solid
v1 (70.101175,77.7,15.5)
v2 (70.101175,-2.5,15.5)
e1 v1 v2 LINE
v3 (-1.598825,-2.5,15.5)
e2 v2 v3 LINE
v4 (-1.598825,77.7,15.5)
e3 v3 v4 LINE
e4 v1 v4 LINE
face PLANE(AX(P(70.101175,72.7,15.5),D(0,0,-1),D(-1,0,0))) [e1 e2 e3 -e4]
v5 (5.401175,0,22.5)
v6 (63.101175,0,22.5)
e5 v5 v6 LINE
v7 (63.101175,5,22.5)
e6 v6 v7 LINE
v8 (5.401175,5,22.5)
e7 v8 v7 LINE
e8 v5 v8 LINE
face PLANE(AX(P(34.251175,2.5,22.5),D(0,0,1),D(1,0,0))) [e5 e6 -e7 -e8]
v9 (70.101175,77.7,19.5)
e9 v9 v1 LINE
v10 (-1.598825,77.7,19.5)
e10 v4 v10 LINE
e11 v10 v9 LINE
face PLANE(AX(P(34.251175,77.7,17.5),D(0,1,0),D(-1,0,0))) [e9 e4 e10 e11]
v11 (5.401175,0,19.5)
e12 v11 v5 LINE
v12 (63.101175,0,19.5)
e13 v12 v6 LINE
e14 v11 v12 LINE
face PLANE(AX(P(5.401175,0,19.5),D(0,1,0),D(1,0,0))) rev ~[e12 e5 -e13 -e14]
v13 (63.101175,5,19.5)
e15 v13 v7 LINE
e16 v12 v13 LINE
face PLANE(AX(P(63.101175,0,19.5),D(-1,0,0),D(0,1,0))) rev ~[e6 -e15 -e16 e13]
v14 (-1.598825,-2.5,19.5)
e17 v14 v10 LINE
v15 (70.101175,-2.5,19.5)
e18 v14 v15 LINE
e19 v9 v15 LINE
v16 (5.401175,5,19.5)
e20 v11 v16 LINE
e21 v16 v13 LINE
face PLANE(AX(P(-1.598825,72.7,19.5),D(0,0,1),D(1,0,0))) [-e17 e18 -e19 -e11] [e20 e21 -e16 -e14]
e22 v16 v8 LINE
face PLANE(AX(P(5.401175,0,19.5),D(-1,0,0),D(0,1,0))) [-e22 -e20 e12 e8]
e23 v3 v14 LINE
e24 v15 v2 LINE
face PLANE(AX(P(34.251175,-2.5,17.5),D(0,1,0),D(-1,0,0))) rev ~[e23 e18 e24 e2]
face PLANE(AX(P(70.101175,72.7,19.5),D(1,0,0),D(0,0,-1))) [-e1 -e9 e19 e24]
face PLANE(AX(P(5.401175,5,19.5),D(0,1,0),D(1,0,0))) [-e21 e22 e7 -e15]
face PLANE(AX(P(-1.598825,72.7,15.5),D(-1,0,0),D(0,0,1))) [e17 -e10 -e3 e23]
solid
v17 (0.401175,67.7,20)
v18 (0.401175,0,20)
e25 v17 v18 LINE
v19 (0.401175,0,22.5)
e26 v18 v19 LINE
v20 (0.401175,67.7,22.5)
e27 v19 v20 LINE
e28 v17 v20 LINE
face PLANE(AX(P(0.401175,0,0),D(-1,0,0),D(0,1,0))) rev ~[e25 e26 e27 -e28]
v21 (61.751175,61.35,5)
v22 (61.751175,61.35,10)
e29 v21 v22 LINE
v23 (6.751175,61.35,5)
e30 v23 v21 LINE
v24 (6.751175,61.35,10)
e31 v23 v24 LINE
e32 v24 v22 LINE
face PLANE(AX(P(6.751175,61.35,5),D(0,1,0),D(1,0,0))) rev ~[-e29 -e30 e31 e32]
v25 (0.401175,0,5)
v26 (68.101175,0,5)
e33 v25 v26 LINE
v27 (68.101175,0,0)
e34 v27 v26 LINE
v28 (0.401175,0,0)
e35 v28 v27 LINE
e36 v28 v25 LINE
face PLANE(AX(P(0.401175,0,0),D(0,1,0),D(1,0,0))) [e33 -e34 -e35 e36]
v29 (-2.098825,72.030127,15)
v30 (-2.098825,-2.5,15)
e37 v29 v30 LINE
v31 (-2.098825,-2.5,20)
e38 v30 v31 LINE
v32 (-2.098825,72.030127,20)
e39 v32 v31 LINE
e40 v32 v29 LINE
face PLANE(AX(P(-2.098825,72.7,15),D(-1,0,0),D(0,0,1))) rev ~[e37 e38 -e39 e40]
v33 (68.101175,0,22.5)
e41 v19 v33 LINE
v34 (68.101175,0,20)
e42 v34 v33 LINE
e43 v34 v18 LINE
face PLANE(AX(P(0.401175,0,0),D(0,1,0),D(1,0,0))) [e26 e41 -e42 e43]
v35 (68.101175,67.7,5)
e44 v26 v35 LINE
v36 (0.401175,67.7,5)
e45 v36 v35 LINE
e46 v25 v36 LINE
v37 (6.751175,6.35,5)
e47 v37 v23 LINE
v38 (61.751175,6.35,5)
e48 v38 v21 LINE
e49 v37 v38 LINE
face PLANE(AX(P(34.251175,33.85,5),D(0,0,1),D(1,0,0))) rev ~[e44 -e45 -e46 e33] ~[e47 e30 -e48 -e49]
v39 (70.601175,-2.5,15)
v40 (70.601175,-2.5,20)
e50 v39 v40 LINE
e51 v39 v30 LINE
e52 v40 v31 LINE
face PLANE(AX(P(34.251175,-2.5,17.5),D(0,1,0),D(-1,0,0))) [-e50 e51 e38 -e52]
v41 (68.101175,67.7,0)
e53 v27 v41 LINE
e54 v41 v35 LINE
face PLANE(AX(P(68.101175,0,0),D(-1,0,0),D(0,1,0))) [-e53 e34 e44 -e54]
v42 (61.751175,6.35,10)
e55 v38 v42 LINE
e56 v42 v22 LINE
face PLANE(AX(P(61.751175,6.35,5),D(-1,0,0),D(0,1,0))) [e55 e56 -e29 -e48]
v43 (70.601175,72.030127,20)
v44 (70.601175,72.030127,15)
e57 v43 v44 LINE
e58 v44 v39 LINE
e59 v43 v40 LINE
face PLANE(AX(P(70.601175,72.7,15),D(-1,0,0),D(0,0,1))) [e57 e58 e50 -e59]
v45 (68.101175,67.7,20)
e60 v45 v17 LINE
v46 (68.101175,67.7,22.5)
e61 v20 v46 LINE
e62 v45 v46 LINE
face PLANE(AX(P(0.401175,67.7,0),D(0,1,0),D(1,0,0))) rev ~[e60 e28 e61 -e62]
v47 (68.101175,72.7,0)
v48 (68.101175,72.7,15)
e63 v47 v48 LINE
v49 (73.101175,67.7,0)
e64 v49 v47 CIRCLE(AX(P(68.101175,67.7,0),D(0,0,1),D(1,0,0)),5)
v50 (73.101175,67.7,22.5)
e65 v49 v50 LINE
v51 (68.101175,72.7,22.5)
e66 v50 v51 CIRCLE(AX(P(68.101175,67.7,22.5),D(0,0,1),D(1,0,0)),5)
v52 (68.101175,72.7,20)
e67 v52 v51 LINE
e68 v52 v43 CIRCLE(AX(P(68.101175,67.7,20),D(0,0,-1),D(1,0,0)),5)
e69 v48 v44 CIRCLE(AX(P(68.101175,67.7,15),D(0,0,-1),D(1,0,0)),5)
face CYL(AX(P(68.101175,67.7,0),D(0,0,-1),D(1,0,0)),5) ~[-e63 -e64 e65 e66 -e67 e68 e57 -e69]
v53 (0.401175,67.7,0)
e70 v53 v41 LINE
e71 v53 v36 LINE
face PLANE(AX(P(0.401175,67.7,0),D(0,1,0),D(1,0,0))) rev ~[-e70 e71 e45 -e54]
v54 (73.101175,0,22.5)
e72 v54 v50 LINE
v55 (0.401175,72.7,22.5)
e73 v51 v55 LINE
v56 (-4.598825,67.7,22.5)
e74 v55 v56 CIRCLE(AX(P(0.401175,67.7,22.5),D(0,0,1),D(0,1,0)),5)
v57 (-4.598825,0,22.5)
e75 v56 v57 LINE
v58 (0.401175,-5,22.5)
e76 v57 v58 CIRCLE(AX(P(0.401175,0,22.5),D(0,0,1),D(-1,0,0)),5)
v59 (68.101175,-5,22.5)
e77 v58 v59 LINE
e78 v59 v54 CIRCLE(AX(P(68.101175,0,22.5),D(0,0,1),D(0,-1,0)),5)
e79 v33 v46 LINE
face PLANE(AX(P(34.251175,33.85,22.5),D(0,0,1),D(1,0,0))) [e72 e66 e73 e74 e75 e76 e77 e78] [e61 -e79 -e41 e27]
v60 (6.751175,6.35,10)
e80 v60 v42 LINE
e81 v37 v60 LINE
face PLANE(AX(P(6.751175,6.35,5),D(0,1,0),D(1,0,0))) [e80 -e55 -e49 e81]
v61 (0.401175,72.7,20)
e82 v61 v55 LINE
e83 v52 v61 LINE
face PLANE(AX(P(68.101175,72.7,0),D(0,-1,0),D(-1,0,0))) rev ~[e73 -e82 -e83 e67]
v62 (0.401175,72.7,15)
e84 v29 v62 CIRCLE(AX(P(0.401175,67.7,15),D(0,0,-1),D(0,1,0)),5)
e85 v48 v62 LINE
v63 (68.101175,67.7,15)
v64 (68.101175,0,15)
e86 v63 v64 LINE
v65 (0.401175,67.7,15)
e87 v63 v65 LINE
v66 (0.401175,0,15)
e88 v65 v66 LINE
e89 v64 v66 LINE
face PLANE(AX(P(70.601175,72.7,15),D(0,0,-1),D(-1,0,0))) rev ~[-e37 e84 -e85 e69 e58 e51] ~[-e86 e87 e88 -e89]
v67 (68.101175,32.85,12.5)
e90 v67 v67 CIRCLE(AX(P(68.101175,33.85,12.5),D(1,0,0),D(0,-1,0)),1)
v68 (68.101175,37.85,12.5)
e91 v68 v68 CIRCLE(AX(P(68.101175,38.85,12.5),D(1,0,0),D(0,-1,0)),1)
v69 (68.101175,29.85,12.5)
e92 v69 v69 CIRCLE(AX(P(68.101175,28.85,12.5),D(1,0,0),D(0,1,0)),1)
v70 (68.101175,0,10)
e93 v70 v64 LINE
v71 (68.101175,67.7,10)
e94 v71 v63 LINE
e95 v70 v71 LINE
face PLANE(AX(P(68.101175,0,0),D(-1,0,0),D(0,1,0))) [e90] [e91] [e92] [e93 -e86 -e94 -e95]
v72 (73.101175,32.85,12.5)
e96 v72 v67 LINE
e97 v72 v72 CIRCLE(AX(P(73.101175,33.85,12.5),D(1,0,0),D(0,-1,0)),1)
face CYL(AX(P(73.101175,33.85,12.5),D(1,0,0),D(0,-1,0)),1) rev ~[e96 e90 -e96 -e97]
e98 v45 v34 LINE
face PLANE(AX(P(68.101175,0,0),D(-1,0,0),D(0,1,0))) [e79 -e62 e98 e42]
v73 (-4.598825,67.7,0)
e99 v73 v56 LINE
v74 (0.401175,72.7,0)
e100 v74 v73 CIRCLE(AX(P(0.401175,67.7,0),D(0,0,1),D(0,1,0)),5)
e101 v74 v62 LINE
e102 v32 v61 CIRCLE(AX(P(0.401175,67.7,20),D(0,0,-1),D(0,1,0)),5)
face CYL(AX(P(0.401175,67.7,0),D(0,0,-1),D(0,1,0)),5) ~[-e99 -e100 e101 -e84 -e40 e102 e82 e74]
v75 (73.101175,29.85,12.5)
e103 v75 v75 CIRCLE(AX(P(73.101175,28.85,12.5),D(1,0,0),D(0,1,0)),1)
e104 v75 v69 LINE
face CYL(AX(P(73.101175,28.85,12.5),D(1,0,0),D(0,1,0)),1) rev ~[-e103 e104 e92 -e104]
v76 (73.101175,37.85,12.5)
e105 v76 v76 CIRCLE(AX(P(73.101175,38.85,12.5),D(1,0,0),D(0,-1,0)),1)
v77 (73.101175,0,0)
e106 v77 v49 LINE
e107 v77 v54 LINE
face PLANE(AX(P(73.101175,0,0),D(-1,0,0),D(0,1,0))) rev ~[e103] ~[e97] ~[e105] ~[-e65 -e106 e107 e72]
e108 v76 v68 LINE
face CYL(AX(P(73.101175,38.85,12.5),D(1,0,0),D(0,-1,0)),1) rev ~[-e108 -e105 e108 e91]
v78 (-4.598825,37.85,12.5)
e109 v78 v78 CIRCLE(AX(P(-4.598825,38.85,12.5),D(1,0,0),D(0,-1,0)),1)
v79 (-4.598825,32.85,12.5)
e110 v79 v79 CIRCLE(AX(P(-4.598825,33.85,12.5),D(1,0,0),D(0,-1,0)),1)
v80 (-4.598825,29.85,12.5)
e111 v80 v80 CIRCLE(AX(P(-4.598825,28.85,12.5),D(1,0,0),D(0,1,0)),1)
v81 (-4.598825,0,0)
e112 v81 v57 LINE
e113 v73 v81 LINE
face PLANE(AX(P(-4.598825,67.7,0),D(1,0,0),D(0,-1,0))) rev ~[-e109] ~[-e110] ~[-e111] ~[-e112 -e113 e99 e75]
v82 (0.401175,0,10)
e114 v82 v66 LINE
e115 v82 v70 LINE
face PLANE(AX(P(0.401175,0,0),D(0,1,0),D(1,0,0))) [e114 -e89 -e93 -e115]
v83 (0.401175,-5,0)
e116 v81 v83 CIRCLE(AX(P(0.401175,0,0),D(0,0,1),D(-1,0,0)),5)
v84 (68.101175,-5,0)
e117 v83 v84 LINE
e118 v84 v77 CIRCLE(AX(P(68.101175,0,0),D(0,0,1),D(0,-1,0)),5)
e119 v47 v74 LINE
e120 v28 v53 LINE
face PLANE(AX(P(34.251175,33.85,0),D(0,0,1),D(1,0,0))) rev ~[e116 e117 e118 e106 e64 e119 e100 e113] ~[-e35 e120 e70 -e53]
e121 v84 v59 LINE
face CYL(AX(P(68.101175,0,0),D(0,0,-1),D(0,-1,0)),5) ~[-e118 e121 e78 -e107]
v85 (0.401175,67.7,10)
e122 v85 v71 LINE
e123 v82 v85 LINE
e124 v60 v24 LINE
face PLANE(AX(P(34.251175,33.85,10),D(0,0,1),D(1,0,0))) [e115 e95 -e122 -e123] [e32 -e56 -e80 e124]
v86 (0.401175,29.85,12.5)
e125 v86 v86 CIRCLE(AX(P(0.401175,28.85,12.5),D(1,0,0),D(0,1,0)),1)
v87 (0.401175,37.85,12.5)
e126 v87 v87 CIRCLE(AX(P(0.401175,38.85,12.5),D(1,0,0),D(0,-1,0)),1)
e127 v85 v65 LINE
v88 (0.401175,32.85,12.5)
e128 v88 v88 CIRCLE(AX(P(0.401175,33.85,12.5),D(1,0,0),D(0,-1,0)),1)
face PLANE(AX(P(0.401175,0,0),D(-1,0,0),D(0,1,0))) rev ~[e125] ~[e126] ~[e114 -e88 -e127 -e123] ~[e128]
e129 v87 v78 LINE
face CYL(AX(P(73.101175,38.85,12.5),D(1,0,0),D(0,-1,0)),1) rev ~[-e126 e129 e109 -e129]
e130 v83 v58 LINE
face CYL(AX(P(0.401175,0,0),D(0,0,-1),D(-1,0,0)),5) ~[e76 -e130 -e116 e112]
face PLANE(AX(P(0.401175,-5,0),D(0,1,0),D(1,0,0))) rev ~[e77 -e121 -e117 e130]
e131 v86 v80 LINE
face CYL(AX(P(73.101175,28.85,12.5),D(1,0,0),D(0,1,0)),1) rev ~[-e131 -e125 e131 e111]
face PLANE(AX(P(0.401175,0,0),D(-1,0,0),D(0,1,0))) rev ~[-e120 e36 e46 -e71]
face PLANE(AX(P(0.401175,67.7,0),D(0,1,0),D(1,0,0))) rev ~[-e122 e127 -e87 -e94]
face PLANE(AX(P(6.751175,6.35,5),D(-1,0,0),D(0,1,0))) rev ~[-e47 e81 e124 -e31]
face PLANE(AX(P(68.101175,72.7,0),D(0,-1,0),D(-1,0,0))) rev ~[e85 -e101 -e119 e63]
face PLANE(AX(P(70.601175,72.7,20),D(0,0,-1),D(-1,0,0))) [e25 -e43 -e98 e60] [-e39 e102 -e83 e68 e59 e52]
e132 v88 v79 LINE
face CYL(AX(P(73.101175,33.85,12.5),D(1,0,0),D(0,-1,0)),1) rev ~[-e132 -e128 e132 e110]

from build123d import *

# Parameters (mm, degrees)
F0_W           = 67.7
F0_H           = 67.7
F1_DEPTH       = 22.5
F3_START       = 5
F2_W           = 67.7
F2_H           = 67.7
F2_W_2         = 55
F2_H_2         = 55
F3_DEPTH       = 5
F6_DEPTH       = 100
F7_W           = 72.7
F7_H           = 5
F8_DEPTH       = 75.2
F10_DEPTH      = 5
F10_DEPTH_BACK = 75.2
F11_W          = 57.7
F11_H          = 5
F12_DEPTH      = 3


with BuildPart() as f1:
    # F0 (on Top) → F1 (new body)
    with BuildSketch(Plane.XY):
        with BuildLine():
            Line((68.1011751294, 72.7), (0.4011751294, 72.7))
            ThreePointArc((0.4011751294, 72.7), (-3.1343587765, 71.2355339059), (-4.5988248706, 67.7))
            Line((-4.5988248706, 67.7), (-4.5988248706, 0))
            ThreePointArc((-4.5988248706, 0), (-3.1343587765, -3.5355339059), (0.4011751294, -5))
            Line((0.4011751294, -5), (68.1011751294, -5))
            ThreePointArc((68.1011751294, -5), (71.6367090353, -3.5355339059), (73.1011751294, 0))
            Line((73.1011751294, 0), (73.1011751294, 67.7))
            ThreePointArc((73.1011751294, 67.7), (71.6367090353, 71.2355339059), (68.1011751294, 72.7))
        make_face()
        with Locations((34.2511751294, 33.85)):
            Rectangle(F0_W, F0_H, mode=Mode.SUBTRACT)
    extrude(amount=F1_DEPTH)

    # F2 (on Top) → F3 (join)
    with BuildSketch(Plane.XY.offset(F3_START)):
        with Locations((34.2511751294, 33.85)):
            Rectangle(F2_W, F2_H)
        with Locations((34.2511751294, 33.85)):
            Rectangle(F2_W_2, F2_H_2, mode=Mode.SUBTRACT)
    extrude(amount=F3_DEPTH)

    # F5 (on face) → F6 (cut)
    with BuildSketch(Plane.YZ.offset(73.1011751294)):
        with BuildLine():
            Line((32.85, 12.5), (34.85, 12.5))
            ThreePointArc((34.85, 12.5), (33.85, 13.5), (32.85, 12.5))
        make_face()
        with BuildLine():
            ThreePointArc((27.85, 12.5), (28.85, 11.5), (29.85, 12.5))
            Line((29.85, 12.5), (27.85, 12.5))
        make_face()
        with BuildLine():
            Line((27.85, 12.5), (29.85, 12.5))
            ThreePointArc((29.85, 12.5), (28.85, 13.5), (27.85, 12.5))
        make_face()
        with BuildLine():
            ThreePointArc((32.85, 12.5), (33.85, 11.5), (34.85, 12.5))
            Line((34.85, 12.5), (32.85, 12.5))
        make_face()
        with BuildLine():
            ThreePointArc((39.85, 12.5), (38.85, 13.5), (37.85, 12.5))
            Line((37.85, 12.5), (39.85, 12.5))
        make_face()
        with BuildLine():
            Line((39.85, 12.5), (37.85, 12.5))
            ThreePointArc((37.85, 12.5), (38.85, 11.5), (39.85, 12.5))
        make_face()
    extrude(amount=-F6_DEPTH, mode=Mode.SUBTRACT)

    # F7 (on face) → F8 (cut)
    with BuildSketch(Plane(origin=(0, 72.7, 0), x_dir=(-1, 0, 0), z_dir=(0, 1, 0))):
        with Locations((-34.2511751294, 17.5)):
            Rectangle(F7_W, F7_H)
    extrude(amount=-F8_DEPTH, mode=Mode.SUBTRACT)


with BuildPart() as f10:
    # F9 (on face) → F10 (new body, two sides)
    with BuildSketch(Plane(origin=(0, 72.7, 0), x_dir=(-1, 0, 0), z_dir=(0, 1, 0))) as f10_sk:
        Polygon((-70.1011751294, 15.5), (-68.1011751294, 15.5), (-0.4011751294, 15.5), (1.5988248706, 15.5), (1.5988248706, 19.5), (-0.4011751294, 19.5), (-68.1011751294, 19.5), (-70.1011751294, 19.5), align=None)
    extrude(amount=F10_DEPTH)
    extrude(f10_sk.sketch, amount=-F10_DEPTH_BACK)

    # F11 (on face) → F12 (join)
    with BuildSketch(Plane.XY.offset(19.5)):
        with Locations((34.2511751294, 2.5)):
            Rectangle(F11_W, F11_H)
    extrude(amount=F12_DEPTH)


solid = Compound([f1.part, f10.part])
